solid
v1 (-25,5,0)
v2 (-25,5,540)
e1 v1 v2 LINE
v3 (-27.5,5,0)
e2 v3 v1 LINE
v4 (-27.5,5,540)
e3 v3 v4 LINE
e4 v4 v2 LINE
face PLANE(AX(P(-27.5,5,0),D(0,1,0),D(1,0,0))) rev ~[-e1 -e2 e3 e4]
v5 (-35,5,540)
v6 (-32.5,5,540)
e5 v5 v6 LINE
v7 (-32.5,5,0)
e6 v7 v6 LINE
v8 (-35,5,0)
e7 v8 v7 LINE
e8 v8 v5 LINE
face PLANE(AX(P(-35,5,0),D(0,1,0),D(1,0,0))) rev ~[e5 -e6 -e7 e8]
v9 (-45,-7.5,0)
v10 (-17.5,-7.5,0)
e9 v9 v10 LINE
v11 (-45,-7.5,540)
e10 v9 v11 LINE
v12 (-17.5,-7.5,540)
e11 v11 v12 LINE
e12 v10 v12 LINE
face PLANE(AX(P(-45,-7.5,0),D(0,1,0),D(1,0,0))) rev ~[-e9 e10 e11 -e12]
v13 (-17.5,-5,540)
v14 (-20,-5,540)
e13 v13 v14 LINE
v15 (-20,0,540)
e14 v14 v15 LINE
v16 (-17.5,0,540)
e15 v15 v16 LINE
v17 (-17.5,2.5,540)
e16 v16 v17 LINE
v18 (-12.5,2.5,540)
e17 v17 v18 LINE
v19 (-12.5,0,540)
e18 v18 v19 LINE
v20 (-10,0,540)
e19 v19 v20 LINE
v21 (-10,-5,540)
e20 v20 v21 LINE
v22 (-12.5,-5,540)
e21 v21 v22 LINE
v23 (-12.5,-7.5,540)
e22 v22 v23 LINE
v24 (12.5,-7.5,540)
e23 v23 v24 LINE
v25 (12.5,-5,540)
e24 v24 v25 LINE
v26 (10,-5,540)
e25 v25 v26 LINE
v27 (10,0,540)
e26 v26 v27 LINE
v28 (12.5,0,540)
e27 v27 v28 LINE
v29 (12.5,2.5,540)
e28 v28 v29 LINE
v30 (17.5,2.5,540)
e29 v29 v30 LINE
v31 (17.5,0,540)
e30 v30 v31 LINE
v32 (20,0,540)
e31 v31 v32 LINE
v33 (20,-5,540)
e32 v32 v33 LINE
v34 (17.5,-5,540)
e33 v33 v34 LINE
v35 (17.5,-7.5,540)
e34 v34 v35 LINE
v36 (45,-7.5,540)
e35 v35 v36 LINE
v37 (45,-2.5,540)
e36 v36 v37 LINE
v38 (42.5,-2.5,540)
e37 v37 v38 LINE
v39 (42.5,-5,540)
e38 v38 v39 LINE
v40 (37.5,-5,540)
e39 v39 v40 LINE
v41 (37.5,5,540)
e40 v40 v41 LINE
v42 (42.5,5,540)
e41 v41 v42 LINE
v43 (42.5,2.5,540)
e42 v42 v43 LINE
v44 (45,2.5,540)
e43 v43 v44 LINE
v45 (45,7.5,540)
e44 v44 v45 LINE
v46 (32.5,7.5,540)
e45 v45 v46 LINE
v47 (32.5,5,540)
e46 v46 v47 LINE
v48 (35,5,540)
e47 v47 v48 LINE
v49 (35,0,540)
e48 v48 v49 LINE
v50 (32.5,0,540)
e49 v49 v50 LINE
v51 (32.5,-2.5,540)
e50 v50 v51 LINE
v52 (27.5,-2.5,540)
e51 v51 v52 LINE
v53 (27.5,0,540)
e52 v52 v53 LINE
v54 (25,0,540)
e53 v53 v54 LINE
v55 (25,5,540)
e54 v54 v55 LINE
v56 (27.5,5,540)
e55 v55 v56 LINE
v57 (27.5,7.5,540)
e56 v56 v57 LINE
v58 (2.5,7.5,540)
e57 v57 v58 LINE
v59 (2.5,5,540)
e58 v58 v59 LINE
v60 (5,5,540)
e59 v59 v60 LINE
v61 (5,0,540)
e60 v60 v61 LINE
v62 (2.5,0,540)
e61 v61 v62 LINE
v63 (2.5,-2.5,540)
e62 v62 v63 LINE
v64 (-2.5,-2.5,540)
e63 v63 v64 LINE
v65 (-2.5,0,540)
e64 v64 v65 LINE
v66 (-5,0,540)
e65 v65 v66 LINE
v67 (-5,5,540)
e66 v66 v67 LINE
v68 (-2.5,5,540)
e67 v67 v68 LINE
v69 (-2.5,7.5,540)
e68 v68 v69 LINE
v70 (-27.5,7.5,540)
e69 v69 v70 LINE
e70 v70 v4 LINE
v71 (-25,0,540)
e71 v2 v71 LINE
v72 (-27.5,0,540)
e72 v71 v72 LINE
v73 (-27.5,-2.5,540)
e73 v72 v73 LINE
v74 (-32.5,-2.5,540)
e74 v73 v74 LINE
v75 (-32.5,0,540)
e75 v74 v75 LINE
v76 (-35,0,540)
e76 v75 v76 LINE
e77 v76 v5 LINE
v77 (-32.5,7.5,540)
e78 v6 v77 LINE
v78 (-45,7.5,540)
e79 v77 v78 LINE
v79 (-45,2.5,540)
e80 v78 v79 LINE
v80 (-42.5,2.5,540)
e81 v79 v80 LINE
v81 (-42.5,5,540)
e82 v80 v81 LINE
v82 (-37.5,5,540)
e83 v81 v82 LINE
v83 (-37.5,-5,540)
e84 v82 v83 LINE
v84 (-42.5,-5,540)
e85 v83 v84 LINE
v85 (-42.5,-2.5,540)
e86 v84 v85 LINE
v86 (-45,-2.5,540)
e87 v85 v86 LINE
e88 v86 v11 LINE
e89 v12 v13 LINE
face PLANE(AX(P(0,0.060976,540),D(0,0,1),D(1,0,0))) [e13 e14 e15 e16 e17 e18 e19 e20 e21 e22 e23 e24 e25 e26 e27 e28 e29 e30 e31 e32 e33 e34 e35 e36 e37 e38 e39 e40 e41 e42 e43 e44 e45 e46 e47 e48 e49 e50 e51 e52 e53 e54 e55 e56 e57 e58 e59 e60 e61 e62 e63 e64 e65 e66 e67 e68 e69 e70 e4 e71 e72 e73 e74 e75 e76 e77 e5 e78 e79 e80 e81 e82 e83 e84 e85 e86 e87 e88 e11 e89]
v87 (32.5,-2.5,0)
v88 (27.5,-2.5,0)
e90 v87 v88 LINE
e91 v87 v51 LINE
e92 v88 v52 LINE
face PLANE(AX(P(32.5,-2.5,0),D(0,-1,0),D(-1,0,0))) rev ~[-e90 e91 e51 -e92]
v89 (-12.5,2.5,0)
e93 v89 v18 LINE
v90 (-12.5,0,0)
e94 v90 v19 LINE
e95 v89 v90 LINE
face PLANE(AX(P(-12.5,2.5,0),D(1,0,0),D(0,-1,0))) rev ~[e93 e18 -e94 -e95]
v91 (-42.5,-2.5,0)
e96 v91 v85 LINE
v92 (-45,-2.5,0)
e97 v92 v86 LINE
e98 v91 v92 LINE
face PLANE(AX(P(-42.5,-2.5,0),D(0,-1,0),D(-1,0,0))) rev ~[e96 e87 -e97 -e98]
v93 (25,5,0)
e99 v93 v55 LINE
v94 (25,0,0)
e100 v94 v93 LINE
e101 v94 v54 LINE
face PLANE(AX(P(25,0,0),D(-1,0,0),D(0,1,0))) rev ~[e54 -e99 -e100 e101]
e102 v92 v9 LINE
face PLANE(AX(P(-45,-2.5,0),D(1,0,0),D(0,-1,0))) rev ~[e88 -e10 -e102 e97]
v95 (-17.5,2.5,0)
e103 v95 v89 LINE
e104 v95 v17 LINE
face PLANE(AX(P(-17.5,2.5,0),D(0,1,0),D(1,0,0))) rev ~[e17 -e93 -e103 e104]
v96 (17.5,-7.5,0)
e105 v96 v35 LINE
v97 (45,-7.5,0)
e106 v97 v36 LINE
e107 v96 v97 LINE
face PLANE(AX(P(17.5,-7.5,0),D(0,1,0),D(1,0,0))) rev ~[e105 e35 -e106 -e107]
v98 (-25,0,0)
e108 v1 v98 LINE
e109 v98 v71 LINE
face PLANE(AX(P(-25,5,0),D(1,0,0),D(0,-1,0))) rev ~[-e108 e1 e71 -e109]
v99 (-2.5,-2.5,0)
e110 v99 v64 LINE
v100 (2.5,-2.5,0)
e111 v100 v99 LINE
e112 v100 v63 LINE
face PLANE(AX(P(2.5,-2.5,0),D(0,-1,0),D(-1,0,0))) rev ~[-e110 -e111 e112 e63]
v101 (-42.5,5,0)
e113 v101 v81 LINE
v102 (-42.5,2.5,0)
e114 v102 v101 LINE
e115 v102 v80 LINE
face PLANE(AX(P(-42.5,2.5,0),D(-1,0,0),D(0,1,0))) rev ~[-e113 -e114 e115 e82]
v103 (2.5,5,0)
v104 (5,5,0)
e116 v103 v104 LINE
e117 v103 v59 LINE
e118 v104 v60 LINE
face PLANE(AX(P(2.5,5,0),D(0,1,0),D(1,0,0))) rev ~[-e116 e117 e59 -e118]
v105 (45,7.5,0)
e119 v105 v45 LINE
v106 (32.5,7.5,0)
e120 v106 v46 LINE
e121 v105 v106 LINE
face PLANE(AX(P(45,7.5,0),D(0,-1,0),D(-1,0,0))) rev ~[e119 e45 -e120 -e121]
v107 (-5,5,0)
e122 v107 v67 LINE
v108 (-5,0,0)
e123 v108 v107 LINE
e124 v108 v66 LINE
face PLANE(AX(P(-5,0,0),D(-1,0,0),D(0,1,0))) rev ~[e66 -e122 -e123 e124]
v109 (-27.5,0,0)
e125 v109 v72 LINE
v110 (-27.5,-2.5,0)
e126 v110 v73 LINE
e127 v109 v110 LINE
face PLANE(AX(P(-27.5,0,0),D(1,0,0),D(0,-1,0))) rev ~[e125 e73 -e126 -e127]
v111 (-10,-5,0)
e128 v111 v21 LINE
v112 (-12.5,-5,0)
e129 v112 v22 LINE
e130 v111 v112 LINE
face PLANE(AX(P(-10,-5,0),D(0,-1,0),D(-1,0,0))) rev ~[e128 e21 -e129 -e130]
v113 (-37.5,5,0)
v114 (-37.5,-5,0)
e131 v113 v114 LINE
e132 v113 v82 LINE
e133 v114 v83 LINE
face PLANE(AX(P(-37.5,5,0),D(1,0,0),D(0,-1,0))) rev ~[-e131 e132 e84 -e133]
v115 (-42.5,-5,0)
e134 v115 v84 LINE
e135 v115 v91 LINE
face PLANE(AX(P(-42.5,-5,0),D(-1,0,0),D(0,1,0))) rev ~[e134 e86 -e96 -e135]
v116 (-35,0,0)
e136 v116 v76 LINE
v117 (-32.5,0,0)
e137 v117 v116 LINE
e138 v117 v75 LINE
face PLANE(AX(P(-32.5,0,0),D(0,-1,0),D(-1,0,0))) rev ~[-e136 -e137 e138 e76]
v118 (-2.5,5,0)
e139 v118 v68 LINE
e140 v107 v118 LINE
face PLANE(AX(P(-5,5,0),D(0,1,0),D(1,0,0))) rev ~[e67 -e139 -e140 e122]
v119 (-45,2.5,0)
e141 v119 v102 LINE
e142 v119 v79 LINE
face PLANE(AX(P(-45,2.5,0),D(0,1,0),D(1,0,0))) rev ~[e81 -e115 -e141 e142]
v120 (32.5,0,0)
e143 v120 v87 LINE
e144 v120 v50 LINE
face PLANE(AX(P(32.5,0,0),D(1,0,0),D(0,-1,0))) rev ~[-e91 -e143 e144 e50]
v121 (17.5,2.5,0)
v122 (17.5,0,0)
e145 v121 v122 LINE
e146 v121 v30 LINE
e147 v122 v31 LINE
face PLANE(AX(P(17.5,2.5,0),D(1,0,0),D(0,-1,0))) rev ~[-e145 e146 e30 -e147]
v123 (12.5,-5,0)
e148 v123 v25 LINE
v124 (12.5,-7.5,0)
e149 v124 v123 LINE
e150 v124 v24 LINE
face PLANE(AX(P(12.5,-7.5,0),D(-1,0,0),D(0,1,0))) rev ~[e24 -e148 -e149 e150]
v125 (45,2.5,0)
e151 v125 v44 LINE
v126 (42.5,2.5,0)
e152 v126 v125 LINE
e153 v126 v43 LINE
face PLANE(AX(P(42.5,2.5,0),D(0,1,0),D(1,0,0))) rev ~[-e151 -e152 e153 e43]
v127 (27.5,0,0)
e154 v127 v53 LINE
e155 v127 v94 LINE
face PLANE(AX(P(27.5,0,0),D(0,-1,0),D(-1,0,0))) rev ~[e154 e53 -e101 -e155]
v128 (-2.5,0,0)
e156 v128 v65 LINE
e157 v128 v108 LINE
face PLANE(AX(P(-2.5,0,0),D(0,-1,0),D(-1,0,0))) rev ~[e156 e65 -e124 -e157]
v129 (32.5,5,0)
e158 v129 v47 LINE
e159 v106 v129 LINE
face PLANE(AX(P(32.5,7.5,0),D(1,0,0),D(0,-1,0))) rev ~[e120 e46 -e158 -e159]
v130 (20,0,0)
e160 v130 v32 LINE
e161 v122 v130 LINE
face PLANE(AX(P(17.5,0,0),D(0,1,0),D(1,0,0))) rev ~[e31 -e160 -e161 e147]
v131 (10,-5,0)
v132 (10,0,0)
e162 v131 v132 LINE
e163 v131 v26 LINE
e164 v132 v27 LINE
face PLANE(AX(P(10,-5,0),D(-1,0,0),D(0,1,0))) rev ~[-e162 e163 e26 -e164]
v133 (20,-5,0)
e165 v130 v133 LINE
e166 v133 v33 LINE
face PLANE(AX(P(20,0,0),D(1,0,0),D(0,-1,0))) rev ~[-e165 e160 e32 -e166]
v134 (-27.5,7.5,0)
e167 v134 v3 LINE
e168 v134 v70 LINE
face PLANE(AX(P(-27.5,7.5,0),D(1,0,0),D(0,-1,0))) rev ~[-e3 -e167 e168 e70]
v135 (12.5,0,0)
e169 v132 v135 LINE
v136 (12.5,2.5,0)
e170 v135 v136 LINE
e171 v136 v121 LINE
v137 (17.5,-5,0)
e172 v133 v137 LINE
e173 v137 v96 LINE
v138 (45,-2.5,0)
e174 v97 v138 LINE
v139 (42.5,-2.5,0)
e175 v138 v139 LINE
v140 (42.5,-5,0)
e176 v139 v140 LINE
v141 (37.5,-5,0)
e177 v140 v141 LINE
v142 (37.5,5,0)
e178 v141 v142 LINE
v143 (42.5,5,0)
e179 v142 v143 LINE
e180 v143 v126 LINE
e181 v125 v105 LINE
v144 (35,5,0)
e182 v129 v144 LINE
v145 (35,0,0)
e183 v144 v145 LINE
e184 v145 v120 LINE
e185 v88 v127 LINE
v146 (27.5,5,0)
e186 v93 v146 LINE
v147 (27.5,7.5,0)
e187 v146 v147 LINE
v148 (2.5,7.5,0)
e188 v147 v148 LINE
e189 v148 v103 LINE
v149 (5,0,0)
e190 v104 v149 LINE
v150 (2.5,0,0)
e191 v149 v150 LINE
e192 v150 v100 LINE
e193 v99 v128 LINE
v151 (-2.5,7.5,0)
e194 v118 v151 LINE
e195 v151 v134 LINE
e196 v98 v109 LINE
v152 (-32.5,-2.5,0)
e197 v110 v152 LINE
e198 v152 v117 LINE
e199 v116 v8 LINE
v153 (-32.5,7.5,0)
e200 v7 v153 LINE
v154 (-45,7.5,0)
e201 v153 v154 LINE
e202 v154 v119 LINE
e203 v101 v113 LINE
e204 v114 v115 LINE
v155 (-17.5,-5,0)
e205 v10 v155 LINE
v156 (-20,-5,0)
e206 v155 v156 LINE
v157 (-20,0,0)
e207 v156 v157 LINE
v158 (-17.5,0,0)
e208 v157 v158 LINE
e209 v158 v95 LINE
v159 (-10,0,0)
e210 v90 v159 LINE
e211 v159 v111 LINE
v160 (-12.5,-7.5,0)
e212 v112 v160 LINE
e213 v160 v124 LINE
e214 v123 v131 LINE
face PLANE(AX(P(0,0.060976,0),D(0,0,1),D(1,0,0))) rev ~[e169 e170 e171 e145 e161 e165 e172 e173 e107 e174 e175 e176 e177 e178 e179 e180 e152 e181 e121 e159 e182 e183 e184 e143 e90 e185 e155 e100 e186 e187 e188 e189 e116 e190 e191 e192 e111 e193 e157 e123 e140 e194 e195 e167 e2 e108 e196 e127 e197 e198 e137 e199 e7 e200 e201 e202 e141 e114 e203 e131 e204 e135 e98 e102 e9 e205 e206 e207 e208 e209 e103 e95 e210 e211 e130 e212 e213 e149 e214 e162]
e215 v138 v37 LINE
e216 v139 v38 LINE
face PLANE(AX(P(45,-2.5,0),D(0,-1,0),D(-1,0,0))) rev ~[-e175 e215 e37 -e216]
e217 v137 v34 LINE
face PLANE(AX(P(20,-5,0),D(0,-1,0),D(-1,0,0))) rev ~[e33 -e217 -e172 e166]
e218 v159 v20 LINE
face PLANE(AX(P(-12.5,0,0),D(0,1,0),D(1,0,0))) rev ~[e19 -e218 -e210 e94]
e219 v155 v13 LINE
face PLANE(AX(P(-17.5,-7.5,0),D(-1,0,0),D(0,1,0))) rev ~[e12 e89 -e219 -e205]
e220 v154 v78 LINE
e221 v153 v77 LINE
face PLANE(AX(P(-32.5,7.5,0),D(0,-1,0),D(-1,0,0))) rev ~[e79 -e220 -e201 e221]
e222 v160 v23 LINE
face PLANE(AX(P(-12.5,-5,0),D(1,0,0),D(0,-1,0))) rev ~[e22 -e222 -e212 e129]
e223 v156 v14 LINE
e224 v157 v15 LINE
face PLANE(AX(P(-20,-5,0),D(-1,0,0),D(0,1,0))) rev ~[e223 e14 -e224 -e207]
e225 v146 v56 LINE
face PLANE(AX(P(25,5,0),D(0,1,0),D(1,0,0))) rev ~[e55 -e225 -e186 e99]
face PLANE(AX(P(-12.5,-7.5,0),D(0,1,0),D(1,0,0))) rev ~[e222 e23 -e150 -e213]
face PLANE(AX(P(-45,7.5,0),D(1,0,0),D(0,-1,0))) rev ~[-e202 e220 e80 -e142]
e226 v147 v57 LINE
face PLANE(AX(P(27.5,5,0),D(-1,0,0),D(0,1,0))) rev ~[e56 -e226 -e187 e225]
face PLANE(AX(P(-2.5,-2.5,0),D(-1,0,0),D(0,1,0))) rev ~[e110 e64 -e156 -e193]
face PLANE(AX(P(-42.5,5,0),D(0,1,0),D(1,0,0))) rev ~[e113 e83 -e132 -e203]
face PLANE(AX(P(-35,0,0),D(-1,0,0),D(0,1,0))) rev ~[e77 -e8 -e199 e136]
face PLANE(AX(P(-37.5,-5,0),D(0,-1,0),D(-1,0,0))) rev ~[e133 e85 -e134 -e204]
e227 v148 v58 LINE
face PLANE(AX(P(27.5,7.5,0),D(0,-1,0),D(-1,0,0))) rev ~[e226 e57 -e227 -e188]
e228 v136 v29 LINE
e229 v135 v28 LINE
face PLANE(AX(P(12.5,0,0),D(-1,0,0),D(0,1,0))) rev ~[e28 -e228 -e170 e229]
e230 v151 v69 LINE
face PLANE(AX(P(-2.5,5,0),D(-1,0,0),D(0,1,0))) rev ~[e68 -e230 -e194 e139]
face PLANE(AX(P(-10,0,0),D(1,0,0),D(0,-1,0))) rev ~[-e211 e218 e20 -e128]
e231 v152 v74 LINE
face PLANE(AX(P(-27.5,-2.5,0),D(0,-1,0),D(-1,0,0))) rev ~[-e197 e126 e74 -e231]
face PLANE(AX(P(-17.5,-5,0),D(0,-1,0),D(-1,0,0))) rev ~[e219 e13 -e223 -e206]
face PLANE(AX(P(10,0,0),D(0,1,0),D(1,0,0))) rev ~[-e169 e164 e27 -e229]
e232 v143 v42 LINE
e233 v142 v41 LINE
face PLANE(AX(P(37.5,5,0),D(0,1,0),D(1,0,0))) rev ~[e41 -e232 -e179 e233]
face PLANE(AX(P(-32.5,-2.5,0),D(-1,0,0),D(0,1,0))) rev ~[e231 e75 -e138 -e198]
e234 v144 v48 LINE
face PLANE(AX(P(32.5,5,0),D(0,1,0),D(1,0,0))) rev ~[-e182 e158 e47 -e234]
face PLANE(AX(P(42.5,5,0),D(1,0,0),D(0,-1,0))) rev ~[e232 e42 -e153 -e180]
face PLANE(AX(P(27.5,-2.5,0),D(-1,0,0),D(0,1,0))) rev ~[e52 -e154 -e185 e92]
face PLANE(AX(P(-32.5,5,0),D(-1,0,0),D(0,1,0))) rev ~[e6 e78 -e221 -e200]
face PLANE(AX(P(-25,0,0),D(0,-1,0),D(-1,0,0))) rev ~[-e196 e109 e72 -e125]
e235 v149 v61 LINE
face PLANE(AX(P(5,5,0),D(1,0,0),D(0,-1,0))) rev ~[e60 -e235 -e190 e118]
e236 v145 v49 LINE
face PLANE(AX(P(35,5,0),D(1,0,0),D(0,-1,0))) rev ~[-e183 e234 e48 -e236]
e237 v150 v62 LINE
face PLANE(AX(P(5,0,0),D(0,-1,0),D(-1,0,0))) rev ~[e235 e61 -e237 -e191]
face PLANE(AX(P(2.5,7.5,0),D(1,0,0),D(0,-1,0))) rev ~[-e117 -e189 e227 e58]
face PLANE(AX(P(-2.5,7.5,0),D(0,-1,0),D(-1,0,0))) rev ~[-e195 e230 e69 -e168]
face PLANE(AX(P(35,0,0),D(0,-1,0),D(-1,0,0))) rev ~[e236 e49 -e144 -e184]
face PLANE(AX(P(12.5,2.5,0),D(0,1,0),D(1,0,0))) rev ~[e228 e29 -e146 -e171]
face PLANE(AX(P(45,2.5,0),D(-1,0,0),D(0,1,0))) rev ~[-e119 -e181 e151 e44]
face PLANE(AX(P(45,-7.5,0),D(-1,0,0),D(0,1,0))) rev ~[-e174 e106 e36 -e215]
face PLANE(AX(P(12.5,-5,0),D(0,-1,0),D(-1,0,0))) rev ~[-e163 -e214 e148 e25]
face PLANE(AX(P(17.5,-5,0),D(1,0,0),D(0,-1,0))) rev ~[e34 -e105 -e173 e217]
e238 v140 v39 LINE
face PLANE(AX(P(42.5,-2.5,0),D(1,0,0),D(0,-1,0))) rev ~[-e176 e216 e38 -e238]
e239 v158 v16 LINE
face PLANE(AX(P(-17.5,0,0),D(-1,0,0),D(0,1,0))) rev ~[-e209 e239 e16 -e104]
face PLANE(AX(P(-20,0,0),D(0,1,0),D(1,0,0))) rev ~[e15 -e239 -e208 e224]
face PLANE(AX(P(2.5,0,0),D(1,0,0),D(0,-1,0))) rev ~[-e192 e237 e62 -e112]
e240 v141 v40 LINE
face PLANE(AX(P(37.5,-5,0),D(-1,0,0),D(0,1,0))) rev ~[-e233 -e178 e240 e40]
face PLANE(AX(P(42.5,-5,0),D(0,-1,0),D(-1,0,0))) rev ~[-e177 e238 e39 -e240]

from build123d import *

# Parameters (mm, degrees)
BOSS_EXTRUDE1_DEPTH = 540


with BuildPart() as part:
    # Sketch1 → Boss-Extrude1 (new body)
    with BuildSketch(Plane.XY):
        Polygon((-45, -7.5), (-17.5, -7.5), (-17.5, -5), (-20, -5), (-20, 0), (-17.5, 0), (-17.5, 2.5), (-12.5, 2.5), (-12.5, 0), (-10, 0), (-10, -5), (-12.5, -5), (-12.5, -7.5), (12.5, -7.5), (12.5, -5), (10, -5), (10, 0), (12.5, 0), (12.5, 2.5), (17.5, 2.5), (17.5, 0), (20, 0), (20, -5), (17.5, -5), (17.5, -7.5), (45, -7.5), (45, -2.5), (42.5, -2.5), (42.5, -5), (37.5, -5), (37.5, 5), (42.5, 5), (42.5, 2.5), (45, 2.5), (45, 7.5), (32.5, 7.5), (32.5, 5), (35, 5), (35, 0), (32.5, 0), (32.5, -2.5), (27.5, -2.5), (27.5, 0), (25, 0), (25, 5), (27.5, 5), (27.5, 7.5), (2.5, 7.5), (2.5, 5), (5, 5), (5, 0), (2.5, 0), (2.5, -2.5), (-2.5, -2.5), (-2.5, 0), (-5, 0), (-5, 5), (-2.5, 5), (-2.5, 7.5), (-27.5, 7.5), (-27.5, 5), (-25, 5), (-25, 0), (-27.5, 0), (-27.5, -2.5), (-32.5, -2.5), (-32.5, 0), (-35, 0), (-35, 5), (-32.5, 5), (-32.5, 7.5), (-45, 7.5), (-45, 2.5), (-42.5, 2.5), (-42.5, 5), (-37.5, 5), (-37.5, -5), (-42.5, -5), (-42.5, -2.5), (-45, -2.5), align=None)
    extrude(amount=BOSS_EXTRUDE1_DEPTH)


solid = part.part
